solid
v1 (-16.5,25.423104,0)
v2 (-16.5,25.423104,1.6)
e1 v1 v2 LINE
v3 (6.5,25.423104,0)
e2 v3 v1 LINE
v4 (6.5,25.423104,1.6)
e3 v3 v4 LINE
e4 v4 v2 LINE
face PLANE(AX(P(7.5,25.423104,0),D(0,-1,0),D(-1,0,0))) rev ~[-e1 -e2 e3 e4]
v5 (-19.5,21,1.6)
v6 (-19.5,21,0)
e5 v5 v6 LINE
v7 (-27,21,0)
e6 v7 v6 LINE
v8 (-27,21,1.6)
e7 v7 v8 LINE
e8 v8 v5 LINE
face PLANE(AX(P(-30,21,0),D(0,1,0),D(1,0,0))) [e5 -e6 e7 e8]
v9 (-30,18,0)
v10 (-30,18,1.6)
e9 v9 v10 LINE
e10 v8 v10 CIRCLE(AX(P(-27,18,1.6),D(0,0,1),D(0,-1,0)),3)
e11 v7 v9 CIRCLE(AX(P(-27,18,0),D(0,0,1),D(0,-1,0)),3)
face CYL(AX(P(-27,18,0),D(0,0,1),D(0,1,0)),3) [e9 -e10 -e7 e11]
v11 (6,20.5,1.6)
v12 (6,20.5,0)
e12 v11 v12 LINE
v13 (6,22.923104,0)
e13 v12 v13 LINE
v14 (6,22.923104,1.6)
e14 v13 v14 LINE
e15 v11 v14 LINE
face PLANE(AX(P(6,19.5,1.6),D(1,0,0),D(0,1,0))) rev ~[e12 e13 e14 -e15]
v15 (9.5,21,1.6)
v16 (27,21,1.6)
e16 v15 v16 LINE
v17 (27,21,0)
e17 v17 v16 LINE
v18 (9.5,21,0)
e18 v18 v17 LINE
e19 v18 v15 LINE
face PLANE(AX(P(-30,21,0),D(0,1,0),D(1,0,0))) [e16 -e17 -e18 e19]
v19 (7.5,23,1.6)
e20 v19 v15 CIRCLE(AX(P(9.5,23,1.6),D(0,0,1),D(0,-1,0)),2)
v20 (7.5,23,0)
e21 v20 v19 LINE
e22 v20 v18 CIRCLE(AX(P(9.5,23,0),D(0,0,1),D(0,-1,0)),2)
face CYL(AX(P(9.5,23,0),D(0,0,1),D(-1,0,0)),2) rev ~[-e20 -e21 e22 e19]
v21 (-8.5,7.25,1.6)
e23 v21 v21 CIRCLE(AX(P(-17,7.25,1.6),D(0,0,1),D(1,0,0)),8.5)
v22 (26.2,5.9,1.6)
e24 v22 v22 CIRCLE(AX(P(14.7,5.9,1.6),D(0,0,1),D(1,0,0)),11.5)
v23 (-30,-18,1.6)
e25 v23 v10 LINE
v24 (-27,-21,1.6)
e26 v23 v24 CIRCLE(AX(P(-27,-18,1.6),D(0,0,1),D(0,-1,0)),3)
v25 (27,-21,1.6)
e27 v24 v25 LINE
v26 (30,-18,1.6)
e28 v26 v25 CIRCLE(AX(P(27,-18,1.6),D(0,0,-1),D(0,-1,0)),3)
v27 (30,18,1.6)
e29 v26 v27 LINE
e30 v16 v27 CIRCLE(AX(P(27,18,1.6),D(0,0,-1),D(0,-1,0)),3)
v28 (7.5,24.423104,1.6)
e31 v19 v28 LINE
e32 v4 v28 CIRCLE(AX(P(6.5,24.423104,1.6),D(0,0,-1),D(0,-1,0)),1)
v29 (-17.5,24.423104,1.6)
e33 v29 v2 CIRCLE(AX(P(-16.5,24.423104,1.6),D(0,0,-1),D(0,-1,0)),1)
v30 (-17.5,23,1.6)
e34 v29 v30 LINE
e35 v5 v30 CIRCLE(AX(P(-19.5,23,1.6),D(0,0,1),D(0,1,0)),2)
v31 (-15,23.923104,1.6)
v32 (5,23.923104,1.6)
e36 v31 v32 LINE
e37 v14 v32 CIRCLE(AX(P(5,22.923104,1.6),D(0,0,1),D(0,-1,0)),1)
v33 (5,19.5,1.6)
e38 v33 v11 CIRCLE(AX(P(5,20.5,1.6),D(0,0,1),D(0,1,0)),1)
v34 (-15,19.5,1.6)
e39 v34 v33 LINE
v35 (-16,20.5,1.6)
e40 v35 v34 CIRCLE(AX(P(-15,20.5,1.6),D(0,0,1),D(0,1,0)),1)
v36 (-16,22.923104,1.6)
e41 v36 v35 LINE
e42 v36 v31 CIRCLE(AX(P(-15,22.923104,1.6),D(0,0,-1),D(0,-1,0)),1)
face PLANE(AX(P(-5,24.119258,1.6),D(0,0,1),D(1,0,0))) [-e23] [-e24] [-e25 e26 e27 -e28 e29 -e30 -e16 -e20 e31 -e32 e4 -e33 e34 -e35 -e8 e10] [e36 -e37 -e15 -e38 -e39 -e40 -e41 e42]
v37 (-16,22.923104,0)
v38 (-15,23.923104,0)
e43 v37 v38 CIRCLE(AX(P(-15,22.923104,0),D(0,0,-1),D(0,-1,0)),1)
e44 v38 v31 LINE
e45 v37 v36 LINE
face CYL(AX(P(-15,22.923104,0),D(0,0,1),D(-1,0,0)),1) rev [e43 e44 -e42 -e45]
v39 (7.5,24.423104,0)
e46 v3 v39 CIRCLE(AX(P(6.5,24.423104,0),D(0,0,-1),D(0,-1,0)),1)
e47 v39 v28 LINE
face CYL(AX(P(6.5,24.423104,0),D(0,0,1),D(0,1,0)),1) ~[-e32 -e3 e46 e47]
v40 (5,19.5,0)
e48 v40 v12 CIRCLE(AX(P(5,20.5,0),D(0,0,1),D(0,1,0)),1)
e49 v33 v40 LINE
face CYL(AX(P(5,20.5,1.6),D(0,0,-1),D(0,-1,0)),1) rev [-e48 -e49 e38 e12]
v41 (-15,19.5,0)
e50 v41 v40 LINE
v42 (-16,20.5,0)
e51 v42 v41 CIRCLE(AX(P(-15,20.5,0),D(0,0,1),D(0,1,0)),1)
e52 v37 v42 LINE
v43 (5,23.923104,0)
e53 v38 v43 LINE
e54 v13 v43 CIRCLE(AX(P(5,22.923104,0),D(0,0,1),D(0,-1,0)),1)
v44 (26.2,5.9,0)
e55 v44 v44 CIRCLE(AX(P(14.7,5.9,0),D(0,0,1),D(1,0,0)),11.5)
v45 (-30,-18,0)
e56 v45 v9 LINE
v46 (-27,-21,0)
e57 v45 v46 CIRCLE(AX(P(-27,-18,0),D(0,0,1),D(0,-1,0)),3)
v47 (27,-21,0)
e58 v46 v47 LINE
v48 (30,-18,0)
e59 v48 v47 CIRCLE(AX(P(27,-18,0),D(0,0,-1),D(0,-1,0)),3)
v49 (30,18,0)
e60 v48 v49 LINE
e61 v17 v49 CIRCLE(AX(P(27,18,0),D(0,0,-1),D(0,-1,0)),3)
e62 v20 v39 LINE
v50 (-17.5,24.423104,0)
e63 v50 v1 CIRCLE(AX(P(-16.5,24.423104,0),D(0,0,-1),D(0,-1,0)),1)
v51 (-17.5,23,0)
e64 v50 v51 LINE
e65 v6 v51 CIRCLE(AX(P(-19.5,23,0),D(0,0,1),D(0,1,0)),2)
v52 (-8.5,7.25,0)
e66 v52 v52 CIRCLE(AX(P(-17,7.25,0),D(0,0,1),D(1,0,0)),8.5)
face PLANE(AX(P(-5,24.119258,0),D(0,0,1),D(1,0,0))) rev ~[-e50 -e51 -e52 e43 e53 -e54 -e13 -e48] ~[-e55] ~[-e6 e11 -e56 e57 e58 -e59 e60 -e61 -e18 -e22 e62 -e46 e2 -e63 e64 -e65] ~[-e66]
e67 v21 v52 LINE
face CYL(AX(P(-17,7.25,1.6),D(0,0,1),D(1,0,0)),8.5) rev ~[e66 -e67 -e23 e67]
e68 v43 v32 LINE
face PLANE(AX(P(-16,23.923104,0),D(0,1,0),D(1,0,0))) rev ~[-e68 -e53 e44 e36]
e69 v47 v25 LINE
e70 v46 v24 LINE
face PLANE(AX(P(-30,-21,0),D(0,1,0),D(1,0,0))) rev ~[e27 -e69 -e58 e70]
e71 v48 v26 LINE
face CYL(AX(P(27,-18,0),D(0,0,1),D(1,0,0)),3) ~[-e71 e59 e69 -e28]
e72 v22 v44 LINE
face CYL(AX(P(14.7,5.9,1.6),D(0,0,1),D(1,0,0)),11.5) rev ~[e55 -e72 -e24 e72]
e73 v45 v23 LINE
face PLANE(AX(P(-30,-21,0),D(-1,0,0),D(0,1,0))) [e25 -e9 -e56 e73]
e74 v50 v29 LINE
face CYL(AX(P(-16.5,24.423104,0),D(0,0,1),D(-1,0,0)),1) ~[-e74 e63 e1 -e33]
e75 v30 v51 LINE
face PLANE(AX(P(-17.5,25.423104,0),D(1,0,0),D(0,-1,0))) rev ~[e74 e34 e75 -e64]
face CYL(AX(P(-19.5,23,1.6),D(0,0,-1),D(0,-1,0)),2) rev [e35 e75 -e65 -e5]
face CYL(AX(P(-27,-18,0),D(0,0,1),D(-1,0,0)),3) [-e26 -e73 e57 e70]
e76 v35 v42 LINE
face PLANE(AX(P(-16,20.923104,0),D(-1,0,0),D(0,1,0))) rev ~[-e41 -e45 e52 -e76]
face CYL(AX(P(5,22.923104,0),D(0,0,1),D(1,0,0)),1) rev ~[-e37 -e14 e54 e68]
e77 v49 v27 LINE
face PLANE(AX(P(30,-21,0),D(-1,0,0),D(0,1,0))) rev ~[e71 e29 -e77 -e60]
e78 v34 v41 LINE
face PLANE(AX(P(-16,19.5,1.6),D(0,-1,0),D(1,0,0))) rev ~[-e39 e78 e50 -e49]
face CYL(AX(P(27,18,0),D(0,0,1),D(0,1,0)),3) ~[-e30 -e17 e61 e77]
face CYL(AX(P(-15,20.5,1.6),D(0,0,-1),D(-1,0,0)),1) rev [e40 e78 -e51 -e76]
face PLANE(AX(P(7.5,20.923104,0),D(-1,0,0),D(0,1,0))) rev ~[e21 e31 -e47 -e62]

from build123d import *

# Parameters (mm, degrees)
F0_W     = 60
F0_H     = 42
F1_DEPTH = 1.6
F2_R     = 11.5
F2_R_2   = 8.5
F3_DEPTH = 1.601
F5_DEPTH = 1.6
F6_R     = 3
F7_R     = 2
F8_W     = 22
F8_H     = 1.5
F9_DEPTH = 1.601
F10_R    = 1


with BuildPart() as f1:
    # F0 (on Top) → F1 (new body)
    with BuildSketch(Plane.XY):
        Rectangle(F0_W, F0_H)
    extrude(amount=F1_DEPTH)

    # F2 (on face) → F3 (cut, through all)
    with BuildSketch(Plane.XY.offset(1.6)):
        with Locations((14.7, 5.9)):
            Circle(F2_R)
        with Locations((-17, 7.25)):
            Circle(F2_R_2)
    extrude(amount=-F3_DEPTH, mode=Mode.SUBTRACT)

    # F4 (on Top) → F5 (join)
    with BuildSketch(Plane.XY):
        Polygon((-17.5, 25.4231041372), (-17.5, 20.9231041372), (-16, 20.9231041372), (-16, 23.9231041372), (6, 23.9231041372), (6, 20.9231041372), (7.5, 20.9231041372), (7.5, 25.4231041372), align=None)
    extrude(amount=F5_DEPTH)

    # F6
    f6_edges = [f1.edges().sort_by_distance(p)[0] for p in [
        (-30, 21, 0.8),
        (-30, -21, 0.8),
        (30, 21, 0.8),
        (30, -21, 0.8),
    ]]
    fillet(f6_edges, radius=F6_R)

    # F7
    f7_edges = [f1.edges().sort_by_distance(p)[0] for p in [
        (-17.5, 21, 0.8),
        (7.5, 21, 0.8),
    ]]
    fillet(f7_edges, radius=F7_R)

    # F8 (on face) → F9 (cut, through all)
    with BuildSketch(Plane.XY.offset(1.6)):
        with Locations((-5, 20.25)):
            Rectangle(F8_W, F8_H)
    extrude(amount=-F9_DEPTH, mode=Mode.SUBTRACT)

    # F10
    f10_edges = [f1.edges().sort_by_distance(p)[0] for p in [
        (-16, 23.923104, 0.8),
        (6, 23.923104, 0.8),
        (7.5, 25.423104, 0.8),
        (-17.5, 25.423104, 0.8),
        (-16, 19.5, 0.8),
        (6, 19.5, 0.8),
    ]]
    fillet(f10_edges, radius=F10_R)


solid = f1.part
